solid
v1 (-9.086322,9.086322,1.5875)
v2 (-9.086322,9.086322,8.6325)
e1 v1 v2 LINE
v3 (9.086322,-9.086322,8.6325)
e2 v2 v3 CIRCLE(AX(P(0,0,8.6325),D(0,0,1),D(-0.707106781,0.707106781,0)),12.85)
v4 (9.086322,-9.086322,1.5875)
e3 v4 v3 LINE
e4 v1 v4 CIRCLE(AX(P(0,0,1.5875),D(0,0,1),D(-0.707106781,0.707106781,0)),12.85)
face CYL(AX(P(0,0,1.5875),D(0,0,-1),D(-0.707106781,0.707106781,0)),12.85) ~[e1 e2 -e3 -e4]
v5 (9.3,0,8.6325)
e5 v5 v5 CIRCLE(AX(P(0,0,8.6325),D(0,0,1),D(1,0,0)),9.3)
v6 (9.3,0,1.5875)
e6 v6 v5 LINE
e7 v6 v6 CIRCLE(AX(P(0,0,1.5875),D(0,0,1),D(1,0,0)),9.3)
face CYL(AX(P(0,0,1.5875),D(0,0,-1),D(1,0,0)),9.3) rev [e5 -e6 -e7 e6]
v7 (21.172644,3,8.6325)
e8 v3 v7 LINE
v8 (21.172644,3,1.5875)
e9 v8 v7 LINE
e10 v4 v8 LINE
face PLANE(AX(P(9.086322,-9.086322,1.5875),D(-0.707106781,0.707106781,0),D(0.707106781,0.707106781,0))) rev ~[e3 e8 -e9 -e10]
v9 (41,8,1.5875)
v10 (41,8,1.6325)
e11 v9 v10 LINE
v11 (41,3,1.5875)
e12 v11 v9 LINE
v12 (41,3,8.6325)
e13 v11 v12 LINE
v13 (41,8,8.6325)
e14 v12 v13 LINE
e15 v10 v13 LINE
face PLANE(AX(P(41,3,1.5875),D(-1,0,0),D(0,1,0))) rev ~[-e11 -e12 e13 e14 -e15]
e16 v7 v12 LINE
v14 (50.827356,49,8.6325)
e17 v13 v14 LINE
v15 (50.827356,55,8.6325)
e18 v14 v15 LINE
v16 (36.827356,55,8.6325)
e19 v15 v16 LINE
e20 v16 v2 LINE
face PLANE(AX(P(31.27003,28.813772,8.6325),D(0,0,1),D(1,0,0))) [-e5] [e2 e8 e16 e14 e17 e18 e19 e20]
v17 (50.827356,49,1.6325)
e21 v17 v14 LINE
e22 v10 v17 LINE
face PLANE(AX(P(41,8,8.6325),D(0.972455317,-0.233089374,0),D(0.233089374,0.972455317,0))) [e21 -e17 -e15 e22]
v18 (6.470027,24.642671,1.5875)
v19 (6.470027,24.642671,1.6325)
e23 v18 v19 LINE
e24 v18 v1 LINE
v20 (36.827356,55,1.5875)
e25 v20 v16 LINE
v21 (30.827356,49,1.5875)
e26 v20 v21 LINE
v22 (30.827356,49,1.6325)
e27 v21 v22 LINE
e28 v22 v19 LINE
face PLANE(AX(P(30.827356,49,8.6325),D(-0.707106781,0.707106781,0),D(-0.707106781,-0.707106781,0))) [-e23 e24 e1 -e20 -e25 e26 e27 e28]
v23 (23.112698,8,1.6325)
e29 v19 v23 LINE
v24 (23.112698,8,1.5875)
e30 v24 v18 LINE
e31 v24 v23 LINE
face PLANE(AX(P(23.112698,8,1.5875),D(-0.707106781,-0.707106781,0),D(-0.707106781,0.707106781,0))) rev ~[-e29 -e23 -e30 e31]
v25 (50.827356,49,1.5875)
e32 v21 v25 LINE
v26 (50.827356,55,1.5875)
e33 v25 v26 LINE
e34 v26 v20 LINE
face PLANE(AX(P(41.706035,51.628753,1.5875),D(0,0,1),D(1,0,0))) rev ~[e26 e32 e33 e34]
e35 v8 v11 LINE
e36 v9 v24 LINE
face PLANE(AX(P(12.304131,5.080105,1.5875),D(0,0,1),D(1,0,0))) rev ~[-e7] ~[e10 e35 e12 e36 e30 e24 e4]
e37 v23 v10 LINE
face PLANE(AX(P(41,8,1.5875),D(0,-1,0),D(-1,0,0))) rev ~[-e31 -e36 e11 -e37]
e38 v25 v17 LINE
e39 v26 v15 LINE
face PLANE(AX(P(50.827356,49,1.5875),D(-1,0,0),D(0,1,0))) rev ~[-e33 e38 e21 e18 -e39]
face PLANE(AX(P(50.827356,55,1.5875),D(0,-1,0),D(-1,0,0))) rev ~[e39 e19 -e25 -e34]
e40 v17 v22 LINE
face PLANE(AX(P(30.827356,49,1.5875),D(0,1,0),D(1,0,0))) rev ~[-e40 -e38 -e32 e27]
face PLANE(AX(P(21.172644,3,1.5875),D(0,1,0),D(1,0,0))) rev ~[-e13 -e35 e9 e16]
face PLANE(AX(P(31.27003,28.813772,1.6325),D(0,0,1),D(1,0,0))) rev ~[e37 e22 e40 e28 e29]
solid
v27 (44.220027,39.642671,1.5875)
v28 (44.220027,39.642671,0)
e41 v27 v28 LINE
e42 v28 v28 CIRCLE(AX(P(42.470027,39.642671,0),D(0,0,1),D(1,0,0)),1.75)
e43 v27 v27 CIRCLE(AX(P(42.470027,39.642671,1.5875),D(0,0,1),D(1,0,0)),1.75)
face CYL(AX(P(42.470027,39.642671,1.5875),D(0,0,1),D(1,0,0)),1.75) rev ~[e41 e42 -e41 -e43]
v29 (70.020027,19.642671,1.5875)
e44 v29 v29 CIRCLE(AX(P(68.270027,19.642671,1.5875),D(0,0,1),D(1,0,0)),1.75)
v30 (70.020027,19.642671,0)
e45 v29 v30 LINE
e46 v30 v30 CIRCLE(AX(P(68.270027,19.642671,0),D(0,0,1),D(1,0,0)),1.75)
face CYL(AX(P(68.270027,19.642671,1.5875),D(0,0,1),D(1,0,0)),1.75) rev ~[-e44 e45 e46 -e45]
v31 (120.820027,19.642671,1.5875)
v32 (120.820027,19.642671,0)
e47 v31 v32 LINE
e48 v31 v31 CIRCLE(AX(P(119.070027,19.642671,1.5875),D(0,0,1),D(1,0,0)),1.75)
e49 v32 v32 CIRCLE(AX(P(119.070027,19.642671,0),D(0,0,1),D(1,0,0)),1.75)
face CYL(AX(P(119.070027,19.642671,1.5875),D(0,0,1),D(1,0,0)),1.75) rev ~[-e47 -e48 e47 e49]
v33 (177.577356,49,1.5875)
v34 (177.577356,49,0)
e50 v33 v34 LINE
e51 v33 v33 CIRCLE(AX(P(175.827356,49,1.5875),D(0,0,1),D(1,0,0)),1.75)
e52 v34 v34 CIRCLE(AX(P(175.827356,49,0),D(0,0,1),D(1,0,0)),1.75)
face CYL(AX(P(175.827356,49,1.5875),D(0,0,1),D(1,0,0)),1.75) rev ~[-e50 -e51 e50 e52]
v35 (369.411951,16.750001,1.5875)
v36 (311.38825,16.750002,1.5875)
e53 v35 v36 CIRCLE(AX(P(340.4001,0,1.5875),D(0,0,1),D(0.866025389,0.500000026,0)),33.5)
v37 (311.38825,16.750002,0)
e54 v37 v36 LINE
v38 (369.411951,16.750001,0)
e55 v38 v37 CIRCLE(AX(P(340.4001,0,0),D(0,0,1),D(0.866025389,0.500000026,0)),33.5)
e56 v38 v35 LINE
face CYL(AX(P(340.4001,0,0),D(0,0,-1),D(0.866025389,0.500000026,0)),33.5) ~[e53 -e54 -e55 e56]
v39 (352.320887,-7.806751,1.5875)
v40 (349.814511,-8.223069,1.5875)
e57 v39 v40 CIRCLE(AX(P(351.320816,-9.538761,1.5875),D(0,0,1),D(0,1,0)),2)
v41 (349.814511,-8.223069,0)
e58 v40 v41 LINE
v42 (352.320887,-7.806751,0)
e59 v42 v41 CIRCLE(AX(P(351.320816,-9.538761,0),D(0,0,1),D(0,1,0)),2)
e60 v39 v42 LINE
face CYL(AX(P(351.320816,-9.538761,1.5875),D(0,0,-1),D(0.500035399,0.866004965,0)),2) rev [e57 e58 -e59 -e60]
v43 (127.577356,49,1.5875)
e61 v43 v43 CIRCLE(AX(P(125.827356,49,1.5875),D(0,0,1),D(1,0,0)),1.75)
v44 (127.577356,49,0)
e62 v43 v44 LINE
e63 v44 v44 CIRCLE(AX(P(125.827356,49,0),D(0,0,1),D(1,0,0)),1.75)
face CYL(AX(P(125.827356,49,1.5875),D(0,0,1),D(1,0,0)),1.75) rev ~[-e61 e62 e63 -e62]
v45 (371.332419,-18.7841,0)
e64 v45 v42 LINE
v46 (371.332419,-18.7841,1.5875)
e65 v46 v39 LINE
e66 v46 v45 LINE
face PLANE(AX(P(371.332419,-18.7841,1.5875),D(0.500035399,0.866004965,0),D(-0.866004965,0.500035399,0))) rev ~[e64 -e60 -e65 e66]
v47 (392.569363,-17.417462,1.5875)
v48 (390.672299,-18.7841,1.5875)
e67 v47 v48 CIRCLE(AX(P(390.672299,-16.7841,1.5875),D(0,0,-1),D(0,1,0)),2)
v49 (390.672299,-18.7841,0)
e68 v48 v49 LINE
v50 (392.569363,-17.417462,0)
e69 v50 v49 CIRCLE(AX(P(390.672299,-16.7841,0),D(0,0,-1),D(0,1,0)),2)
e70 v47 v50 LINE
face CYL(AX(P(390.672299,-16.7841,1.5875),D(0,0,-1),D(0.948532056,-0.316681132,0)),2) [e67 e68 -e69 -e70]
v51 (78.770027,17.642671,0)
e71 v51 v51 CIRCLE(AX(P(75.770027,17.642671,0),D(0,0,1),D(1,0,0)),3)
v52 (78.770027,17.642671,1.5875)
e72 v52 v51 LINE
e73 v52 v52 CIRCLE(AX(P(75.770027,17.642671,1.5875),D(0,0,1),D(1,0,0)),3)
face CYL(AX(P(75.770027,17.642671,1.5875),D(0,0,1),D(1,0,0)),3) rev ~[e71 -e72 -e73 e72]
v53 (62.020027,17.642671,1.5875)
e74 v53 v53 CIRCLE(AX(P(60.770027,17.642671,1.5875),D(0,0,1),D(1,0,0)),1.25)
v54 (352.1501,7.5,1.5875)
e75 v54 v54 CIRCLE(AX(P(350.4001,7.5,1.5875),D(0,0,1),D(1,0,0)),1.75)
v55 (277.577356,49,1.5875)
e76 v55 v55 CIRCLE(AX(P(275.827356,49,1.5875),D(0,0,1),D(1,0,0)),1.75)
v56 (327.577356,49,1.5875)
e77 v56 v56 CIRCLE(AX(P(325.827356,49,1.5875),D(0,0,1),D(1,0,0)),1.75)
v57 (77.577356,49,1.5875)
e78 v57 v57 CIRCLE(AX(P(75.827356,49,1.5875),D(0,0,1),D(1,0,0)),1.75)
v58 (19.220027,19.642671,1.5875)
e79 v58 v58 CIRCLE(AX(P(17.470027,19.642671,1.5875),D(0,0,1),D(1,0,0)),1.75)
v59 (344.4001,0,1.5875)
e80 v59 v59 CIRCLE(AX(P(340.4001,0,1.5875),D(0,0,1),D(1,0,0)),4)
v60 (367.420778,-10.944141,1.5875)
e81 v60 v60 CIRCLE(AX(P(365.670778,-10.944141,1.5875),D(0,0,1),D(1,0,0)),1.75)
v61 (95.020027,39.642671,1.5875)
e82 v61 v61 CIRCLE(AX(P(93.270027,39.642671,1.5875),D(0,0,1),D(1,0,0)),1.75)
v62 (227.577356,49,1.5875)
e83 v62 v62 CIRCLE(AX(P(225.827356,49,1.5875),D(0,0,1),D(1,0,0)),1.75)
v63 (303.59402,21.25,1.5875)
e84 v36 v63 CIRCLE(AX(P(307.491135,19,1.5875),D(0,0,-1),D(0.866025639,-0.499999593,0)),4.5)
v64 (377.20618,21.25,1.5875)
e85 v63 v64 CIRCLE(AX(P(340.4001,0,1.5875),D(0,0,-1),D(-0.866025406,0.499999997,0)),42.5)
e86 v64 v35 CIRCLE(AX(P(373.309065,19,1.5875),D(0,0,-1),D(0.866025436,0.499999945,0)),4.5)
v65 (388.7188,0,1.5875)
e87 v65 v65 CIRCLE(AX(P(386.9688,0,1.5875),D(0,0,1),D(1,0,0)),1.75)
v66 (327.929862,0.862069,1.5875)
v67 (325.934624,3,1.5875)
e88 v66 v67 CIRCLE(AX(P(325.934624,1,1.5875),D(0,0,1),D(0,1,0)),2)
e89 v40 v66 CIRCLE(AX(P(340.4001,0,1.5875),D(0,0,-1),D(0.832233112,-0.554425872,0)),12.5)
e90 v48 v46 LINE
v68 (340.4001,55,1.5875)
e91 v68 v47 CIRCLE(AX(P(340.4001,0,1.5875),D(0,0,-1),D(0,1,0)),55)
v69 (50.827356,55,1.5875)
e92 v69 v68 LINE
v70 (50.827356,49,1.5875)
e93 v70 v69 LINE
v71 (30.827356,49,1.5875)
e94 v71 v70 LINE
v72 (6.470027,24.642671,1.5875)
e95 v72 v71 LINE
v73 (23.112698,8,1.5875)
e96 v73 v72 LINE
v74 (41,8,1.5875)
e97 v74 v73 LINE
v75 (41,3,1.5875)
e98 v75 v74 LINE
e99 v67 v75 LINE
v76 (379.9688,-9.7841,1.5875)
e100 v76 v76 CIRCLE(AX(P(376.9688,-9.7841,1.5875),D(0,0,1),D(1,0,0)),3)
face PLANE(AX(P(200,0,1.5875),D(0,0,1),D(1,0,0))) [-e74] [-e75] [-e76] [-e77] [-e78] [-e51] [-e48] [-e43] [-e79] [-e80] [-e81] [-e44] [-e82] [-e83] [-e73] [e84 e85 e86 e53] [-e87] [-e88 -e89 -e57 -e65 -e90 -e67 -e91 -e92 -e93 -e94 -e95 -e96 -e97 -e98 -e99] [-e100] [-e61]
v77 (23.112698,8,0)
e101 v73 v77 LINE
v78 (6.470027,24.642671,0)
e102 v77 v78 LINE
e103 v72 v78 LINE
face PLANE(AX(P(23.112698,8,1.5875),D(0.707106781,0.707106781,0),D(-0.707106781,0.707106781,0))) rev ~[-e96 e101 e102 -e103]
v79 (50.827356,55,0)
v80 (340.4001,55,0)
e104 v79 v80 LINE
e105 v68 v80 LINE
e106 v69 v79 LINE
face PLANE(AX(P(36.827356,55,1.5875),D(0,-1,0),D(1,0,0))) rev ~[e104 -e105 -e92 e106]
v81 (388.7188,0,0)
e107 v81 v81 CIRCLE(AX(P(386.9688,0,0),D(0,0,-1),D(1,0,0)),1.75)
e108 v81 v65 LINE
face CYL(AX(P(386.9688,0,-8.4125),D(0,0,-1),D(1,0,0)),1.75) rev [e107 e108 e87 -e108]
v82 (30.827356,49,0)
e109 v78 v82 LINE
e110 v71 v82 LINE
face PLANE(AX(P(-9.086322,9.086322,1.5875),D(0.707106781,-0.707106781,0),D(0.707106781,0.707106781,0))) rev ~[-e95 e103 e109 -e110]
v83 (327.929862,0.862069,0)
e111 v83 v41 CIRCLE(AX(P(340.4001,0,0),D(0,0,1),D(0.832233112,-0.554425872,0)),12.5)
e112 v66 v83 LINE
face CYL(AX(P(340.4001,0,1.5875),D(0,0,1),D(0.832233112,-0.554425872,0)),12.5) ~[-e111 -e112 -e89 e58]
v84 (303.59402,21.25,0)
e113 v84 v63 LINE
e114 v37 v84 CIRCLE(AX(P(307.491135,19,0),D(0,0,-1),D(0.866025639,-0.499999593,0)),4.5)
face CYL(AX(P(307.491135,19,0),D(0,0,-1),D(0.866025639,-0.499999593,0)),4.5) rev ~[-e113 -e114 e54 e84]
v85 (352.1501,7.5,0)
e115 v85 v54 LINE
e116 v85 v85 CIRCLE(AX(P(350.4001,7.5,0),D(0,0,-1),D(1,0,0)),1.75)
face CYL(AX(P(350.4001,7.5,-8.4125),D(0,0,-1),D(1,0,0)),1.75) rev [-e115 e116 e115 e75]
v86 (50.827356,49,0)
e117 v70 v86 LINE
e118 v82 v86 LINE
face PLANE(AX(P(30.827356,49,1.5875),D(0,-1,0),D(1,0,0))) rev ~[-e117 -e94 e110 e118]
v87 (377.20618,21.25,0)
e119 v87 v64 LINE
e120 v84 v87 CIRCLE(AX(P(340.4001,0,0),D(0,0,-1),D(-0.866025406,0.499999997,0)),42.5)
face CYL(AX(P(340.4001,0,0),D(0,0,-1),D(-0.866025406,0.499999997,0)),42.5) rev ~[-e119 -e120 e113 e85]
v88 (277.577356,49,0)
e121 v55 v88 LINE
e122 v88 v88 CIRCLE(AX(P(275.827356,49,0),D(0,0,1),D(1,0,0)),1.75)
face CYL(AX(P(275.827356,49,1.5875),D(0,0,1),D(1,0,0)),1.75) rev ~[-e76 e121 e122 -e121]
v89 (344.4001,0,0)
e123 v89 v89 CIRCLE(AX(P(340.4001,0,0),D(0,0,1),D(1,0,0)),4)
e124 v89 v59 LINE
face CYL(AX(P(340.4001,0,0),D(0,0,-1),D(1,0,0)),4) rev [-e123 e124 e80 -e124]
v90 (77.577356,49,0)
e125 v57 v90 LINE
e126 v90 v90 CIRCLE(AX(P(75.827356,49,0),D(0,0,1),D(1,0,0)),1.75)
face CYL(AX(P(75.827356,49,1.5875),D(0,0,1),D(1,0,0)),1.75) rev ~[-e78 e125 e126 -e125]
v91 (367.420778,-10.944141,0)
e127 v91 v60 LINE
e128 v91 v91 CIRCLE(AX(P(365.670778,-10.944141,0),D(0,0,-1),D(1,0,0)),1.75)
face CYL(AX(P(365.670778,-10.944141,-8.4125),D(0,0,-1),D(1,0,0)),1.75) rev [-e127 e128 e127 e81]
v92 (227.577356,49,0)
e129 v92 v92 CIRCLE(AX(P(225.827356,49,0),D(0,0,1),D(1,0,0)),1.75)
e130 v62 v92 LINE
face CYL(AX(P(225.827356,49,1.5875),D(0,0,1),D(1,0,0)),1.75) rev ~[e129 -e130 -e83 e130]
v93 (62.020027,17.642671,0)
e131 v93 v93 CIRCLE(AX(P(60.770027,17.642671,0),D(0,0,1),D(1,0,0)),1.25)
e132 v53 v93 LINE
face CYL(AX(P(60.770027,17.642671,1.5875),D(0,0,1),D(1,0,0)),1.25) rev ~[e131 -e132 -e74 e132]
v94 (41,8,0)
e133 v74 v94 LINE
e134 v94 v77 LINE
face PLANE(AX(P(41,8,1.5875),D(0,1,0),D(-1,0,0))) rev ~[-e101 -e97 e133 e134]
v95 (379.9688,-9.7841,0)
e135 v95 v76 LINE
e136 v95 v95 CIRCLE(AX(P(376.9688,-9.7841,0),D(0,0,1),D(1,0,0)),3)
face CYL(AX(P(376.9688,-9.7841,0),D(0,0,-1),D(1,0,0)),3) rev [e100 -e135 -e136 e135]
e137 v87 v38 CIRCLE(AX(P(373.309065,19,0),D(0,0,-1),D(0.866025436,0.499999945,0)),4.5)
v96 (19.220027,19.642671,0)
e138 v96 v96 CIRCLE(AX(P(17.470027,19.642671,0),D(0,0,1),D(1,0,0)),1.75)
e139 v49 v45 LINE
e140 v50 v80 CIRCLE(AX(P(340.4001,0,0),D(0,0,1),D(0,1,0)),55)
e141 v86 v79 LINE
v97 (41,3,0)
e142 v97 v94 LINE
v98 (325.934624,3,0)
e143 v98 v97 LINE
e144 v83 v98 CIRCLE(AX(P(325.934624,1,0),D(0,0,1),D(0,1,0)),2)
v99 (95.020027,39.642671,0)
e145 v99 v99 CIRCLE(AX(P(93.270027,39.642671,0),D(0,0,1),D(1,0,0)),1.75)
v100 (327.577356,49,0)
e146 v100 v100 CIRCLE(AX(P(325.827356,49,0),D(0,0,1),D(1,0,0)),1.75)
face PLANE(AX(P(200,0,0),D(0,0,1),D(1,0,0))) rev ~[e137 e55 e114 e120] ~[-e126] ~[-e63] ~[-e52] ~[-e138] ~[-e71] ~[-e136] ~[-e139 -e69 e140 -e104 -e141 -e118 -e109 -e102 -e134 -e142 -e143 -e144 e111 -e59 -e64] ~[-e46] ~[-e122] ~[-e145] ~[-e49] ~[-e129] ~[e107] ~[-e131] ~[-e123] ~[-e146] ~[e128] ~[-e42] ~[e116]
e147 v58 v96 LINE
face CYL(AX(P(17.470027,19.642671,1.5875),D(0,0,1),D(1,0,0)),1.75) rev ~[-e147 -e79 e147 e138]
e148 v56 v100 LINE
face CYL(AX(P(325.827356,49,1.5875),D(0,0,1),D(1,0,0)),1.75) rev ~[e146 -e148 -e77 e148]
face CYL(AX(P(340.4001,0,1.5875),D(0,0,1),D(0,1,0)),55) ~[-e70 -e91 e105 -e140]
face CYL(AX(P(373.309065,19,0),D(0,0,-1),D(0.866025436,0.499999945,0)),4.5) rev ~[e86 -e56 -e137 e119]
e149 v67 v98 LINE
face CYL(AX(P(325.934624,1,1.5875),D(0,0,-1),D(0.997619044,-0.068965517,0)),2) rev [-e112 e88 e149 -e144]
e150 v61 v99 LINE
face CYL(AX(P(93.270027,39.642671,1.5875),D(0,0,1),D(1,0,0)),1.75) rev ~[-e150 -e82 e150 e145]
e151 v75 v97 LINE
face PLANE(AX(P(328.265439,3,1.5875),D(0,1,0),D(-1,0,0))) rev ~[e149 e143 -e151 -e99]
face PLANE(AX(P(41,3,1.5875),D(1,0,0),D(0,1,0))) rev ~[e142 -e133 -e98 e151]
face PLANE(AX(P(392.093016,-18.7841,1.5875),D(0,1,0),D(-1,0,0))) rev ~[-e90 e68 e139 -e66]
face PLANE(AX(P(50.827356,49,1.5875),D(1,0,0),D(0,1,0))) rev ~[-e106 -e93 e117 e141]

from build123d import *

# Parameters (mm, degrees)
SKETCH1_W             = 500
SKETCH1_H             = 150
SKETCH1_R             = 9.3
SKETCH1_R_2           = 3
SKETCH1_R_3           = 4
BOSS_EXTRUDE1_DEPTH   = 1.5875
SKETCH3_W             = 500
SKETCH3_H             = 150
CUT_EXTRUDE1_DEPTH    = 7
SKETCH4_R             = 9.3
CUT_EXTRUDE2_DEPTH    = 10
FILLET1_R             = 2
SKETCH5_R             = 1.75
SKETCH5_R_2           = 3
SKETCH5_R_3           = 1.25
CUT_EXTRUDE3_DEPTH    = 10
CUT_EXTRUDE4_START    = -10
SKETCH6_R             = 4
SKETCH6_R_2           = 3
SKETCH6_R_3           = 1.75
CUT_EXTRUDE4_DEPTH    = 10
SKETCH7_R             = 1.75
CUT_EXTRUDE5_DEPTH    = 246.38
BOSS_EXTRUDE2_DEPTH   = 7.045
SKETCH4_5_R           = 9.3
BOSS_EXTRUDE2_2_DEPTH = 7.045
BOSS_EXTRUDE9_DEPTH   = 7


with BuildPart() as part:
    # Sketch1 → Boss-Extrude1 (new body)
    with BuildSketch(Plane.XY):
        with Locations((200, 0)):
            Rectangle(SKETCH1_W, SKETCH1_H)
        Circle(SKETCH1_R, mode=Mode.SUBTRACT)
        with BuildLine():
            ThreePointArc((303.594020264, 21.24999987), (340.400100069, 42.5), (377.206179805, 21.249999751))
            ThreePointArc((377.206179805, 21.249999751), (375.559064779, 15.102885357), (369.411950518, 16.750000881))
            ThreePointArc((369.411950518, 16.750000881), (340.40010055, 33.5), (311.388250032, 16.750001833))
            ThreePointArc((311.388250032, 16.750001833), (305.241135638, 15.102885116), (303.594020264, 21.24999987))
        make_face(mode=Mode.SUBTRACT)
        with Locations((376.9688, -9.7841)):
            Circle(SKETCH1_R_2, mode=Mode.SUBTRACT)
        with Locations((340.4001, 0)):
            Circle(SKETCH1_R_3, mode=Mode.SUBTRACT)
    extrude(amount=BOSS_EXTRUDE1_DEPTH)

    # Sketch3 → Cut-Extrude1 (cut)
    with BuildSketch(Plane.XY.offset(1.5875)):
        with Locations((200, 0)):
            Rectangle(SKETCH3_W, SKETCH3_H)
        with BuildLine():
            Line((36.827355724, 55), (340.4001, 55))
            ThreePointArc((340.4001, 55), (385.445219047, 31.558473506), (392.093016219, -18.7841))
            Line((392.093016219, -18.7841), (371.332419214, -18.7841))
            Line((371.332419214, -18.7841), (350.803013897, -6.930323401))
            ThreePointArc((350.803013897, -6.930323401), (335.360003988, -11.438856245), (328.2654389, 3))
            Line((328.2654389, 3), (21.172644276, 3))
            Line((21.172644276, 3), (9.086322138, -9.086322138))
            ThreePointArc((9.086322138, -9.086322138), (-9.086322138, -9.086322138), (-9.086322138, 9.086322138))
            Line((-9.086322138, 9.086322138), (36.827355724, 55))
        make_face(mode=Mode.SUBTRACT)
    extrude(amount=-CUT_EXTRUDE1_DEPTH, mode=Mode.SUBTRACT)

    # Sketch4 → Cut-Extrude2 (cut)
    # profile 1 of 2: a face of its own
    with BuildSketch(Plane.XY.offset(1.5875)):
        Polygon((30.827355724, 49), (50.827355724, 49), (50.827355724, 55), (36.827355724, 55), align=None)
    # profile 2 of 2: a face of its own
    with BuildSketch(Plane.XY.offset(1.5875)):
        with BuildLine():
            Line((41, 3), (41, 8))
            Line((41, 8), (23.112698372, 8))
            Line((23.112698372, 8), (6.470027048, 24.642671324))
            Line((6.470027048, 24.642671324), (-9.086322138, 9.086322138))
            ThreePointArc((-9.086322138, 9.086322138), (-9.086322138, -9.086322138), (9.086322138, -9.086322138))
            Line((9.086322138, -9.086322138), (21.172644276, 3))
            Line((21.172644276, 3), (41, 3))
        make_face()
        Circle(SKETCH4_R, mode=Mode.SUBTRACT)
    extrude(amount=-CUT_EXTRUDE2_DEPTH, mode=Mode.SUBTRACT)

    # Fillet1
    fillet1_edges = [part.edges().sort_by_distance(p)[0] for p in [
        (392.093016219, -18.7841, 0.79375),
        (328.2654389, 3, 0.79375),
        (350.803013897, -6.930323401, 0.79375),
    ]]
    fillet(fillet1_edges, radius=FILLET1_R)

    # Sketch5 → Cut-Extrude3 (cut)
    with BuildSketch(Plane.XY.offset(1.5875)):
        with Locations((17.470027048, 19.642671324)):
            Circle(SKETCH5_R)
        with Locations((42.470027048, 39.642671324)):
            Circle(SKETCH5_R)
        with Locations((93.270027048, 39.642671324)):
            Circle(SKETCH5_R)
        with Locations((68.270027048, 19.642671324)):
            Circle(SKETCH5_R)
        with Locations((119.070027048, 19.642671324)):
            Circle(SKETCH5_R)
        with Locations((75.770027048, 17.642671324)):
            Circle(SKETCH5_R_2)
        with Locations((60.770027048, 17.642671324)):
            Circle(SKETCH5_R_3)
    extrude(amount=-CUT_EXTRUDE3_DEPTH, mode=Mode.SUBTRACT)

    # Sketch6 → Cut-Extrude4 (cut)
    with BuildSketch(Plane.XY.offset(1.5875).offset(CUT_EXTRUDE4_START)):
        with Locations((340.4001, 0)):
            Circle(SKETCH6_R)
        with Locations((376.9688, -9.7841)):
            Circle(SKETCH6_R_2)
        with Locations((350.4001, 7.5)):
            Circle(SKETCH6_R_3)
        with Locations((386.9688, 0)):
            Circle(SKETCH6_R_3)
        with Locations((365.670778247, -10.944141097)):
            Circle(SKETCH6_R_3)
    extrude(amount=CUT_EXTRUDE4_DEPTH, mode=Mode.SUBTRACT)

    # Sketch7 → Cut-Extrude5 (cut)
    with BuildSketch(Plane.XY.offset(1.5875)):
        with Locations((75.827355724, 49)):
            Circle(SKETCH7_R)
        with Locations((125.827355724, 49)):
            Circle(SKETCH7_R)
        with Locations((175.827355724, 49)):
            Circle(SKETCH7_R)
        with Locations((225.827355724, 49)):
            Circle(SKETCH7_R)
        with Locations((275.827355724, 49)):
            Circle(SKETCH7_R)
        with Locations((325.827355724, 49)):
            Circle(SKETCH7_R)
    extrude(amount=-CUT_EXTRUDE5_DEPTH, mode=Mode.SUBTRACT)


with BuildPart() as body_2:
    # Sketch4<5> → Boss-Extrude2 (new body)
    with BuildSketch(Plane.XY.offset(1.5875)):
        Polygon((30.827355724, 49), (50.827355724, 49), (50.827355724, 55), (36.827355724, 55), align=None)
    extrude(amount=BOSS_EXTRUDE2_DEPTH)



with BuildPart() as body_3:
    # Sketch4<5> → Boss-Extrude2 2 (new body)
    with BuildSketch(Plane.XY.offset(1.5875)):
        with BuildLine():
            Line((41, 3), (41, 8))
            Line((41, 8), (23.112698372, 8))
            Line((23.112698372, 8), (6.470027048, 24.642671324))
            Line((6.470027048, 24.642671324), (-9.086322138, 9.086322138))
            ThreePointArc((-9.086322138, 9.086322138), (-9.086322138, -9.086322138), (9.086322138, -9.086322138))
            Line((9.086322138, -9.086322138), (21.172644276, 3))
            Line((21.172644276, 3), (41, 3))
        make_face()
        Circle(SKETCH4_5_R, mode=Mode.SUBTRACT)
    extrude(amount=BOSS_EXTRUDE2_2_DEPTH)


with BuildPart() as body_2_1:
    add(body_2.part)

    add(body_3.part)  # Boss-Extrude9 merges body 3
    # Sketch9 → Boss-Extrude9 (add)
    with BuildSketch(Plane.XY.offset(8.6325)):
        Polygon((41, 8), (50.827355724, 49), (30.827355724, 49), (6.470027048, 24.642671324), (23.112698372, 8), align=None)
    extrude(amount=-BOSS_EXTRUDE9_DEPTH)


solid = Compound([part.part, body_2_1.part])
